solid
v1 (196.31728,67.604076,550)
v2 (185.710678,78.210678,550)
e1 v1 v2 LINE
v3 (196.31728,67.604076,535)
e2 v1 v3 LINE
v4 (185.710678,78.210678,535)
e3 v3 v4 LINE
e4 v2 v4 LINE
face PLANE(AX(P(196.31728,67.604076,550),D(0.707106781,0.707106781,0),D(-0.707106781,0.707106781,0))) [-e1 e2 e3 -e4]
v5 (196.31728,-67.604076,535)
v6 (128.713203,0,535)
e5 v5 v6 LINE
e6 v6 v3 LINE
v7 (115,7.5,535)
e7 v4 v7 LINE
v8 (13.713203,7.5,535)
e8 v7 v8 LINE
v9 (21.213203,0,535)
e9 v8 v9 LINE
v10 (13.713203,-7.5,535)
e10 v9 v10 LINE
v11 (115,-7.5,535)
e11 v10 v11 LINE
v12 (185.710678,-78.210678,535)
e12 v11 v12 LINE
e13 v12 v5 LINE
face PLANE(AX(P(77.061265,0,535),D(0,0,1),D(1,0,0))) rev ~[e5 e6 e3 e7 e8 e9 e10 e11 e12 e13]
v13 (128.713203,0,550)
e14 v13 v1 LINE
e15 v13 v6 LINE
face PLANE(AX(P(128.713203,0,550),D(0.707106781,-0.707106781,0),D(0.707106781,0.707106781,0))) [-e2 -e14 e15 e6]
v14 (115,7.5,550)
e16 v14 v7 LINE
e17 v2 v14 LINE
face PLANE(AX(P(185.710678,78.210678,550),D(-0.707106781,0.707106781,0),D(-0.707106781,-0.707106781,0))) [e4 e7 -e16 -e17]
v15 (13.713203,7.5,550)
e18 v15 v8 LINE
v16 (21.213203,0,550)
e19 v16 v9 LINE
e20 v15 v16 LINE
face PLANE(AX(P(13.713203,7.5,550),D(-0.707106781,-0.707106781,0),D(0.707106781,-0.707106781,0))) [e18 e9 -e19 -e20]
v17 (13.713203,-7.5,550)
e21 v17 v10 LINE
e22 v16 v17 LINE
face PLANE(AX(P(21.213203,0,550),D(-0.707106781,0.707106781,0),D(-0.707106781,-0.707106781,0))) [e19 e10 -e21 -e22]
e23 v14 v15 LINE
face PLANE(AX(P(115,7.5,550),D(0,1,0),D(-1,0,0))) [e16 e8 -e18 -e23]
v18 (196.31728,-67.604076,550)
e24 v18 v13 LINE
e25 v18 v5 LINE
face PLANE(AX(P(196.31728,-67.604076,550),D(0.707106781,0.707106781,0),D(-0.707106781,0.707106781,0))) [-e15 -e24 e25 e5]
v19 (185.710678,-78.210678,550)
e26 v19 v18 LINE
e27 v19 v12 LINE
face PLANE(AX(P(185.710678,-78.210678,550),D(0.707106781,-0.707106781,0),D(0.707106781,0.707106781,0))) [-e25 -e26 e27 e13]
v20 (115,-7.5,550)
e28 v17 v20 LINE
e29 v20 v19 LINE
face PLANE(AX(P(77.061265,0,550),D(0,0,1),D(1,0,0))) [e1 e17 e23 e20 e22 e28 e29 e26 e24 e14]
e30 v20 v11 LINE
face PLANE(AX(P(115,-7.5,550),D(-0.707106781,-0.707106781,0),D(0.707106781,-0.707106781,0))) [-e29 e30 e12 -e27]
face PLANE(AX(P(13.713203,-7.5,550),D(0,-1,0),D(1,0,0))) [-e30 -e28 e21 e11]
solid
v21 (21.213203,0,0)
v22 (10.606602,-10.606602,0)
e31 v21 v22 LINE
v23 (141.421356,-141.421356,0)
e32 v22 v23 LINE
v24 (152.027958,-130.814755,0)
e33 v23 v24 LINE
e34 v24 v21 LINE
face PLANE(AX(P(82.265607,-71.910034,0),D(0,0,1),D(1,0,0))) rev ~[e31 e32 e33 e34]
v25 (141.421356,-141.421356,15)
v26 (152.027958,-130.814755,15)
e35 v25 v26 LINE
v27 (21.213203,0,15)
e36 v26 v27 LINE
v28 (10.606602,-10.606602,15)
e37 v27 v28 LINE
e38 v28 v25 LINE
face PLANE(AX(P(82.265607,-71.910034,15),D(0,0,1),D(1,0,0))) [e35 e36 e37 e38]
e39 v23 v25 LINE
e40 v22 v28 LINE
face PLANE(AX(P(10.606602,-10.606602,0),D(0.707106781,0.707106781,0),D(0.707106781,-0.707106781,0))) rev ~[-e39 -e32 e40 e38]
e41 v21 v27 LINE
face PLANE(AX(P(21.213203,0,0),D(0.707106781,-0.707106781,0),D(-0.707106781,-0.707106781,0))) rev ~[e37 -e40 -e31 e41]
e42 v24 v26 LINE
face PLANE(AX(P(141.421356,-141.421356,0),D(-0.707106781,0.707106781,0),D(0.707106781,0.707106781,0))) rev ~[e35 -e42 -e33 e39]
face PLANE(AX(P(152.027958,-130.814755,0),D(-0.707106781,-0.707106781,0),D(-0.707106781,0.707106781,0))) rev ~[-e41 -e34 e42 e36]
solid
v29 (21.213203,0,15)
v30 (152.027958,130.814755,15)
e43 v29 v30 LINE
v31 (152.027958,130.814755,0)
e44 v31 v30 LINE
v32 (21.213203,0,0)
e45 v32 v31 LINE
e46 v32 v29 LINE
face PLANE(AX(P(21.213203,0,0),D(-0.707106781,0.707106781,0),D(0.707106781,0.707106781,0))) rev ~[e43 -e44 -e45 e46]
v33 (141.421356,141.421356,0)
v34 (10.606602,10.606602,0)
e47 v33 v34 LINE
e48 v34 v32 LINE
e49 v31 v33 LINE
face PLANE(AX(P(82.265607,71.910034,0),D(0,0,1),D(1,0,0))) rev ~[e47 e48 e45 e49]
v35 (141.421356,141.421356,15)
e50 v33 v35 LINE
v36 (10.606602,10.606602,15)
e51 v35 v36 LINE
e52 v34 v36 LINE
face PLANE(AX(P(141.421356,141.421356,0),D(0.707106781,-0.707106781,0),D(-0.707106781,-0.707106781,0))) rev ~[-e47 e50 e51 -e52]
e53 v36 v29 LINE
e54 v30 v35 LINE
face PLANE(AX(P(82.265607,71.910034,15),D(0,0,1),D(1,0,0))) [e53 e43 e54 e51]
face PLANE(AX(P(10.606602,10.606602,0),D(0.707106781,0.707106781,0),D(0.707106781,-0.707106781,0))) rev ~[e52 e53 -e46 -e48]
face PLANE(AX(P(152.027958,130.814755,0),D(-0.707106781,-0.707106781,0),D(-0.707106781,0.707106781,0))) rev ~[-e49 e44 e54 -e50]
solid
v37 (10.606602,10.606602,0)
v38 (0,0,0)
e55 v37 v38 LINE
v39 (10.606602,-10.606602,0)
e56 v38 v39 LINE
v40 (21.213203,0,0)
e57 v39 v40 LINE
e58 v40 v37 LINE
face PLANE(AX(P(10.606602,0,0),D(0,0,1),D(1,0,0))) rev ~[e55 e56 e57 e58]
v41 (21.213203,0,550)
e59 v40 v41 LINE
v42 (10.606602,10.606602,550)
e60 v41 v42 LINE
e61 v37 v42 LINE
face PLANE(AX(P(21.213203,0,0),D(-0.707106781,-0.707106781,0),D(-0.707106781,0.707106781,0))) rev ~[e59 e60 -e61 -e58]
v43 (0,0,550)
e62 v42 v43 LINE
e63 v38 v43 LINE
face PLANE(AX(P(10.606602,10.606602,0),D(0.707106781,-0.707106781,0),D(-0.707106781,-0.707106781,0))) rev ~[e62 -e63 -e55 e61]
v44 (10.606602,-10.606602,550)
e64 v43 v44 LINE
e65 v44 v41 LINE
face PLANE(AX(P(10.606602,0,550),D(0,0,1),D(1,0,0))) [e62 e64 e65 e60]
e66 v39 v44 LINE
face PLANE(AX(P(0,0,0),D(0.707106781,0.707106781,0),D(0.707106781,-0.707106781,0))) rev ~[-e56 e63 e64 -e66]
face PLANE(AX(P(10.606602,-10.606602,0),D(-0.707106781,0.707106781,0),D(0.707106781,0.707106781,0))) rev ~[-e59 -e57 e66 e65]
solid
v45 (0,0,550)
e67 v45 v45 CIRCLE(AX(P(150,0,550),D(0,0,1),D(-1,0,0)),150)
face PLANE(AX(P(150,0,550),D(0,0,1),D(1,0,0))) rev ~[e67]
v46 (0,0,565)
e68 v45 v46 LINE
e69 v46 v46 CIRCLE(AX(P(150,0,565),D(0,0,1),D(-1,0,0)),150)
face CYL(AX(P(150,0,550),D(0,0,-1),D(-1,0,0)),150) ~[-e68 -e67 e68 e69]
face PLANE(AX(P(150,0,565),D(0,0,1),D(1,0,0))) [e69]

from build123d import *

# Parameters (mm, degrees)
F1_DEPTH = 550
F2_DEPTH = 15
F3_DEPTH = 550
F4_DEPTH = 15
F5_START = 550
F5_DEPTH = 15


with BuildPart() as f1:
    # F0 (on Top) → F1 (new body)
    with BuildSketch(Plane.XY):
        Polygon((10.6066017178, 10.6066017178), (0, 0), (10.6066017178, -10.6066017178), (13.7132034356, -7.5), (21.2132034356, 0), (13.7132034356, 7.5), align=None)
    extrude(amount=F1_DEPTH)


with BuildPart() as f2:
    # F0 (on Top) → F2 (new body)
    with BuildSketch(Plane.XY):
        Polygon((141.4213562373, 141.4213562373), (10.6066017178, 10.6066017178), (13.7132034356, 7.5), (28.7132034356, 7.5), (152.0279579551, 130.8147545195), align=None)
        Polygon((28.7132034356, 7.5), (13.7132034356, 7.5), (21.2132034356, 0), align=None)
    extrude(amount=F2_DEPTH)


with BuildPart() as f2b:
    # F0 (on Top) → F2, piece 2 (new body)
    with BuildSketch(Plane.XY):
        Polygon((13.7132034356, -7.5), (10.6066017178, -10.6066017178), (141.4213562373, -141.4213562373), (152.0279579551, -130.8147545195), (28.7132034356, -7.5), align=None)
        Polygon((21.2132034356, 0), (13.7132034356, -7.5), (28.7132034356, -7.5), align=None)
    extrude(amount=F2_DEPTH)


with BuildPart() as f3:
    # F0 (on Top) → F3 (new body)
    with BuildSketch(Plane.XY):
        Polygon((28.7132034356, 7.5), (21.2132034356, 0), (28.7132034356, -7.5), (115, -7.5), (128.7132034356, -7.5), (128.7132034356, 0), (128.7132034356, 7.5), (115, 7.5), align=None)
        Polygon((28.7132034356, 7.5), (13.7132034356, 7.5), (21.2132034356, 0), align=None)
        Polygon((21.2132034356, 0), (13.7132034356, -7.5), (28.7132034356, -7.5), align=None)
        Polygon((185.7106781187, 78.2106781187), (115, 7.5), (128.7132034356, 7.5), (128.7132034356, 0), (196.3172798365, 67.6040764009), align=None)
        Polygon((128.7132034356, -7.5), (115, -7.5), (185.7106781187, -78.2106781187), (196.3172798365, -67.6040764009), (128.7132034356, 0), align=None)
    extrude(amount=F3_DEPTH)

    # F4 (intersect): a face of the model
    f4_faces = [f3.faces().sort_by_distance(p)[0] for p in [
        (126.2279911766, 0, 550),
    ]]
    extrude(f4_faces, amount=-F4_DEPTH, mode=Mode.INTERSECT)


with BuildPart() as f5:
    # F0 (on Top) → F5 (new body)
    with BuildSketch(Plane.XY.offset(F5_START)):
        with BuildLine():
            ThreePointArc((300, 0), (150, 150), (0, 0))
            ThreePointArc((0, 0), (150, -150), (300, 0))
        make_face()
        Polygon((10.6066017178, -10.6066017178), (0, 0), (10.6066017178, 10.6066017178), (141.4213562373, 141.4213562373), (152.0279579551, 130.8147545195), (28.7132034356, 7.5), (115, 7.5), (185.7106781187, 78.2106781187), (196.3172798365, 67.6040764009), (128.7132034356, 0), (196.3172798365, -67.6040764009), (185.7106781187, -78.2106781187), (115, -7.5), (28.7132034356, -7.5), (152.0279579551, -130.8147545195), (141.4213562373, -141.4213562373), align=None, mode=Mode.SUBTRACT)
        Polygon((185.7106781187, 78.2106781187), (115, 7.5), (128.7132034356, 7.5), (128.7132034356, 0), (196.3172798365, 67.6040764009), align=None)
        Polygon((128.7132034356, -7.5), (115, -7.5), (185.7106781187, -78.2106781187), (196.3172798365, -67.6040764009), (128.7132034356, 0), align=None)
        Polygon((28.7132034356, 7.5), (21.2132034356, 0), (28.7132034356, -7.5), (115, -7.5), (128.7132034356, -7.5), (128.7132034356, 0), (128.7132034356, 7.5), (115, 7.5), align=None)
        Polygon((13.7132034356, -7.5), (10.6066017178, -10.6066017178), (141.4213562373, -141.4213562373), (152.0279579551, -130.8147545195), (28.7132034356, -7.5), align=None)
        Polygon((141.4213562373, 141.4213562373), (10.6066017178, 10.6066017178), (13.7132034356, 7.5), (28.7132034356, 7.5), (152.0279579551, 130.8147545195), align=None)
        Polygon((10.6066017178, 10.6066017178), (0, 0), (10.6066017178, -10.6066017178), (13.7132034356, -7.5), (21.2132034356, 0), (13.7132034356, 7.5), align=None)
        Polygon((21.2132034356, 0), (13.7132034356, -7.5), (28.7132034356, -7.5), align=None)
        Polygon((28.7132034356, 7.5), (13.7132034356, 7.5), (21.2132034356, 0), align=None)
    extrude(amount=F5_DEPTH)


solid = Compound([f1.part, f2.part, f2b.part, f3.part, f5.part])
